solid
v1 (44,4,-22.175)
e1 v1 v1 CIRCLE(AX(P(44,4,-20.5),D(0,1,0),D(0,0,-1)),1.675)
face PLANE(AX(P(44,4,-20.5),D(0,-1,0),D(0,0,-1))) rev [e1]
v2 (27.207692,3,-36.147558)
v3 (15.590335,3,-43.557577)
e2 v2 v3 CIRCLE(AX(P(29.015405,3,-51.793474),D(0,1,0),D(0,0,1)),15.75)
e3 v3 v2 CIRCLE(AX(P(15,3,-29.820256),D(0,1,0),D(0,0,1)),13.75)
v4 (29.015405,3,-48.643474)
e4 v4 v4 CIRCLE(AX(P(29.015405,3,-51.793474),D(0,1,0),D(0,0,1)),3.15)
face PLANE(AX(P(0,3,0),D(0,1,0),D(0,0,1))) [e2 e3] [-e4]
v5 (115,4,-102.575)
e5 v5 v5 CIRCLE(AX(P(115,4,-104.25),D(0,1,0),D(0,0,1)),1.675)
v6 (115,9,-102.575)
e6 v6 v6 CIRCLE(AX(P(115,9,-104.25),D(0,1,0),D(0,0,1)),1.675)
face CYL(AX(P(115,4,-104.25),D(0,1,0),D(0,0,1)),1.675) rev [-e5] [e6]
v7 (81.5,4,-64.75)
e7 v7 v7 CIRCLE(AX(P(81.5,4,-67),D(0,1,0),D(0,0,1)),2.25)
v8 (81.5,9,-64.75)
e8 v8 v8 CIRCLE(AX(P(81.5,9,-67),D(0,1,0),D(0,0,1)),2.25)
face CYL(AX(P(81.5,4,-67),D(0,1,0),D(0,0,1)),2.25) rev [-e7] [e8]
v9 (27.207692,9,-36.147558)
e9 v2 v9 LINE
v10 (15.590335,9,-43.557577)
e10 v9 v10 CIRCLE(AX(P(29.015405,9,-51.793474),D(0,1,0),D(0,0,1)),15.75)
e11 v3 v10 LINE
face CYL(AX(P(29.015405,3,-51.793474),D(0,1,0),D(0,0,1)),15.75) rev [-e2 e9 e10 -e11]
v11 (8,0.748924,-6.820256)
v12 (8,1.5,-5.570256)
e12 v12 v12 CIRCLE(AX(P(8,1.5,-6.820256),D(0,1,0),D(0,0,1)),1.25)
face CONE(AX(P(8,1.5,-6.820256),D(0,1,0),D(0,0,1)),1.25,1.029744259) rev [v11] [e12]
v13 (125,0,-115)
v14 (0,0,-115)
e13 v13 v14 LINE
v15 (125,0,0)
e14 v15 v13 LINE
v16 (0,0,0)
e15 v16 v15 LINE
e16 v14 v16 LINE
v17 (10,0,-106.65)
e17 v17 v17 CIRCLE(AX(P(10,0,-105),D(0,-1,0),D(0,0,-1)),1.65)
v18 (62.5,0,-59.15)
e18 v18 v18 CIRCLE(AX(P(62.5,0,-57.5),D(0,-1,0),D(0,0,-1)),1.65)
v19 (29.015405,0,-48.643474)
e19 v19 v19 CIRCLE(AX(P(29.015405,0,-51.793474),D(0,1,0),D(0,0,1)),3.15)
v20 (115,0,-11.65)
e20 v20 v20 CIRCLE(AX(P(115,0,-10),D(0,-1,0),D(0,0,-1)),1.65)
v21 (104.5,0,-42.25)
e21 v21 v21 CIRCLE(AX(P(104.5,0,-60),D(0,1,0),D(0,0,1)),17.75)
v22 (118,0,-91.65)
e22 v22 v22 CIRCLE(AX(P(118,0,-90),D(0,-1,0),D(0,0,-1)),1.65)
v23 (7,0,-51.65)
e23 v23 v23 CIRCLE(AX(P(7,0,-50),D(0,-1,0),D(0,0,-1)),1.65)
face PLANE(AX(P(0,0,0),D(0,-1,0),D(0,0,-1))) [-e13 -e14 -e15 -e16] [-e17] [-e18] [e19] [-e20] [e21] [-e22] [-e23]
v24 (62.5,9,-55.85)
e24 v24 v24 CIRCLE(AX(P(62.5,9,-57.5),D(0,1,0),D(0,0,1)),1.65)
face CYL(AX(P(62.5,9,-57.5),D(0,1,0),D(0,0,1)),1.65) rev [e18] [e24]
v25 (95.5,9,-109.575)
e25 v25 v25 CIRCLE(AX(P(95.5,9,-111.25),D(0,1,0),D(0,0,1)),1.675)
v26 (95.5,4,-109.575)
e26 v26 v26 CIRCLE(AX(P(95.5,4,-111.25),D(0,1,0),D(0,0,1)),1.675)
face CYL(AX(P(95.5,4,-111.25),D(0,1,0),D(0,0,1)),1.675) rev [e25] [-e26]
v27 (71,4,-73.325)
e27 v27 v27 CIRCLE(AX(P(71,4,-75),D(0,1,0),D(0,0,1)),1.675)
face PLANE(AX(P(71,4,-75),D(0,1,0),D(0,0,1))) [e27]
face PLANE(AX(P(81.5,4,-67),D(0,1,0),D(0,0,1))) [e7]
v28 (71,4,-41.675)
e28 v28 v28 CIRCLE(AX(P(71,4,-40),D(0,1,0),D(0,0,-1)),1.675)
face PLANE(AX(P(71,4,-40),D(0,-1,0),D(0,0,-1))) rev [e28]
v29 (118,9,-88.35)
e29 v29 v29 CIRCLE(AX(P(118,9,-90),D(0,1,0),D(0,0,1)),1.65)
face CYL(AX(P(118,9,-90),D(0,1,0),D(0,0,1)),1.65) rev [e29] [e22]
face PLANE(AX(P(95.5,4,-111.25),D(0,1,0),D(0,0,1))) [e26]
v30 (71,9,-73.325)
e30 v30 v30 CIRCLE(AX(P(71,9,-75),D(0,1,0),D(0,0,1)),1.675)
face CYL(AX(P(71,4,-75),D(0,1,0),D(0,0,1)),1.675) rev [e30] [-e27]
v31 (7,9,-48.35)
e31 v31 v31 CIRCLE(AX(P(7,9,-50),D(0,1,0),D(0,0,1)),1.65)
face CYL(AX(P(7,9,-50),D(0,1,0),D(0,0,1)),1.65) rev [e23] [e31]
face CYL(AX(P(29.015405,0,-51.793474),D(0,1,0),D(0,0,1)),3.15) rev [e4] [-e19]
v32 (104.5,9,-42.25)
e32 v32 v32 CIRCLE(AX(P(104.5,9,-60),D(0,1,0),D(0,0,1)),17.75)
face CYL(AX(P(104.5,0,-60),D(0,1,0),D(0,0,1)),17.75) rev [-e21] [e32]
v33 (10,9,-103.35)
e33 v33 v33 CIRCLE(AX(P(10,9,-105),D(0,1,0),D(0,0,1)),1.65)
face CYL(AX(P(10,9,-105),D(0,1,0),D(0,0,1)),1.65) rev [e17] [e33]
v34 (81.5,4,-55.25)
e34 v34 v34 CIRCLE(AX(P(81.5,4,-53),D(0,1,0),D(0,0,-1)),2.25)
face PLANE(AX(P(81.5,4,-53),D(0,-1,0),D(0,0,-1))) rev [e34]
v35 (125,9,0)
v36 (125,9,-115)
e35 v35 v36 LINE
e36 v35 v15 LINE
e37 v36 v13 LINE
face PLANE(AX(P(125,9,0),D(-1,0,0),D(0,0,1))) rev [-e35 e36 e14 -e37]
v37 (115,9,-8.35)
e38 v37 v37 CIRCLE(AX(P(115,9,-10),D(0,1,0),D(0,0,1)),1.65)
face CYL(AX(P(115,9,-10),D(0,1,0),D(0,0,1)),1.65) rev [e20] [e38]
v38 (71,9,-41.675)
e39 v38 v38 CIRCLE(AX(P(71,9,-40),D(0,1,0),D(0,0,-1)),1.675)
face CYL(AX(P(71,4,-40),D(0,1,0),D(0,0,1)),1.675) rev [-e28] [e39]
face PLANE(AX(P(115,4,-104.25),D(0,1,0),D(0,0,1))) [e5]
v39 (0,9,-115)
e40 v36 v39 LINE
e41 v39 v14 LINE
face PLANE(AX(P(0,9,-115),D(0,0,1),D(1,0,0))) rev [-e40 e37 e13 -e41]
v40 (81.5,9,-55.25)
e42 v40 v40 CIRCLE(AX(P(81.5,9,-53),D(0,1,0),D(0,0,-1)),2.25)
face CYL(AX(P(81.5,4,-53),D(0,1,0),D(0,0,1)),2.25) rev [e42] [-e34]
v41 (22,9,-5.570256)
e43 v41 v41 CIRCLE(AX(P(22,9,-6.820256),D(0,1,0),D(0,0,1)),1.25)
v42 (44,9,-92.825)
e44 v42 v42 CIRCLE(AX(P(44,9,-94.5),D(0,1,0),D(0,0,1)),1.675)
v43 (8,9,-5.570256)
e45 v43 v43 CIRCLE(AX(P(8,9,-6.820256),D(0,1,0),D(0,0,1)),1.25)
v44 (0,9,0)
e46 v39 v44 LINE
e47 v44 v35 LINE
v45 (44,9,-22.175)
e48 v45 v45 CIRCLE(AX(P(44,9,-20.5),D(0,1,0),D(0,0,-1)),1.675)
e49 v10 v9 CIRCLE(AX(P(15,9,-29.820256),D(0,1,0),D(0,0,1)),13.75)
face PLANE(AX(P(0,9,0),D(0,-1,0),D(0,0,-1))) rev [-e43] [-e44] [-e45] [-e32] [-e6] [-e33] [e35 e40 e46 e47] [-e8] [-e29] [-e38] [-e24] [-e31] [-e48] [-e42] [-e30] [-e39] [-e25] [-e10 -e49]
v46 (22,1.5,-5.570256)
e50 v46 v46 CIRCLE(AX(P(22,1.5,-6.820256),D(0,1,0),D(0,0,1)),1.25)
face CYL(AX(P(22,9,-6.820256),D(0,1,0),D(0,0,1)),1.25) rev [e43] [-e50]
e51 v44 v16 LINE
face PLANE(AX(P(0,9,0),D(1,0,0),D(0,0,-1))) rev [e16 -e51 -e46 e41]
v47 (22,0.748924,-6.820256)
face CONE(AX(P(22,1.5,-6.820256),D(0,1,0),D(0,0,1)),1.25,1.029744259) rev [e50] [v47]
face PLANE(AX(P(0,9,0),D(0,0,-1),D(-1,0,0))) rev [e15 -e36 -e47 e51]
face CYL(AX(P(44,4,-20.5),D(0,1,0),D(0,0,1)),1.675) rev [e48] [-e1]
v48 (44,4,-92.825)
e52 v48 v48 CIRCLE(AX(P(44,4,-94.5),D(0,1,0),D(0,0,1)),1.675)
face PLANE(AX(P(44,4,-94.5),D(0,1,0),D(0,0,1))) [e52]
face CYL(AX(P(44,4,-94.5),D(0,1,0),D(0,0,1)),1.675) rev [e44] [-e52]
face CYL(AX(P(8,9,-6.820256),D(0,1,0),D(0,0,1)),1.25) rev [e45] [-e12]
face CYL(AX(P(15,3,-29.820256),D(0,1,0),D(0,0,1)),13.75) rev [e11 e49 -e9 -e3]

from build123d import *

# Parameters (mm, degrees)
SKETCH1_W                 = 125
SKETCH1_H                 = 115
TOP_BASE_DEPTH            = 9
SKETCH5_R                 = 15.75
SKETCH5_R_2               = 13.75
GEARS_EXTRUDE_CUT_DEPTH   = 6
SKETCH7_R                 = 3.15
KEY_EXTRUDE_CUT_DEPTH     = 171.091152033
SKETCH8_R                 = 17.75
THUMB_EXTRUDE_CUT_DEPTH   = 171.091152033
SKETCH9_R                 = 1.675
SKETCH9_R_2               = 2.25
MOUNT_HOLES_DEPTH         = 5
M3X0_5_TAPPED_HOLE1_D     = 2.5
M3X0_5_TAPPED_HOLE1_DEPTH = 7.5
M3X0_5_TAPPED_HOLE1_TIP   = 0.751075774
M4X0_7_TAPPED_HOLE1_D     = 3.3
M4X0_7_TAPPED_HOLE1_DEPTH = 10.1
M4X0_7_TAPPED_HOLE1_TIP   = 0.991420021


with BuildPart() as part:
    # Sketch1 → Top_Base (new body)
    with BuildSketch(Plane(origin=(0, 0, 0), x_dir=(1, 0, 0), z_dir=(0, 1, 0))):
        with Locations((62.5, 57.5)):
            Rectangle(SKETCH1_W, SKETCH1_H)
    extrude(amount=TOP_BASE_DEPTH)

    # Sketch5 → Gears_Extrude_Cut (cut)
    with BuildSketch(Plane(origin=(0, 9, 0), x_dir=(1, 0, 0), z_dir=(0, 1, 0))):
        with Locations((29.01540546, 51.79347369)):
            Circle(SKETCH5_R)
        with Locations((15, 29.820255536)):
            Circle(SKETCH5_R_2)
    extrude(amount=-GEARS_EXTRUDE_CUT_DEPTH, mode=Mode.SUBTRACT)

    # Sketch7 → Key_Extrude_Cut (cut, through all)
    with BuildSketch(Plane(origin=(0, 9, 0), x_dir=(1, 0, 0), z_dir=(0, 1, 0))):
        with Locations(Location((29.01540546, 51.79347369, 0), (0, 0, 270))):
            Circle(SKETCH7_R)
    extrude(amount=-KEY_EXTRUDE_CUT_DEPTH, mode=Mode.SUBTRACT)

    # Sketch8 → Thumb_Extrude_Cut (cut, through all)
    with BuildSketch(Plane(origin=(0, 9, 0), x_dir=(1, 0, 0), z_dir=(0, 1, 0))):
        with Locations(Location((104.5, 60, 0), (0, 0, 270))):
            Circle(SKETCH8_R)
    extrude(amount=-THUMB_EXTRUDE_CUT_DEPTH, mode=Mode.SUBTRACT)

    # Sketch9 → Mount_Holes (cut)
    with BuildSketch(Plane(origin=(0, 9, 0), x_dir=(1, 0, 0), z_dir=(0, 1, 0))):
        with Locations(Location((71, 75, 0), (0, 0, 270))):
            Circle(SKETCH9_R)
        with Locations(Location((44, 94.5, 0), (0, 0, 270))):
            Circle(SKETCH9_R)
        with Locations(Location((81.5, 67, 0), (0, 0, 270))):
            Circle(SKETCH9_R_2)
        with Locations(Location((95.5, 111.25, 0), (0, 0, 270))):
            Circle(SKETCH9_R)
        with Locations(Location((115, 104.25, 0), (0, 0, 270))):
            Circle(SKETCH9_R)
        with Locations(Location((71, 40, 0), (0, 0, 90))):
            Circle(SKETCH9_R)
        with Locations(Location((44, 20.5, 0), (0, 0, 90))):
            Circle(SKETCH9_R)
        with Locations(Location((81.5, 53, 0), (0, 0, 90))):
            Circle(SKETCH9_R_2)
    extrude(amount=-MOUNT_HOLES_DEPTH, mode=Mode.SUBTRACT)

    # M3x0.5 Tapped Hole1
    with Locations(Plane(origin=(8, 9, -6.820255536), x_dir=(0, 0, 1), z_dir=(0, 1, 0))):
        with Locations((0, 0), (0, 14)):
            Hole(M3X0_5_TAPPED_HOLE1_D / 2, depth=M3X0_5_TAPPED_HOLE1_DEPTH)
            with Locations((0, 0, -(M3X0_5_TAPPED_HOLE1_DEPTH + M3X0_5_TAPPED_HOLE1_TIP / 2))):  # 118° drill point
                Cone(0, M3X0_5_TAPPED_HOLE1_D / 2, M3X0_5_TAPPED_HOLE1_TIP, mode=Mode.SUBTRACT)

    # M4x0.7 Tapped Hole1
    with Locations(Plane(origin=(10, 9, -105), x_dir=(0, 0, 1), z_dir=(0, 1, 0))):
        with Locations((0, 0), (15, 108), (95, 105), (55, -3), (47.5, 52.5)):
            Hole(M4X0_7_TAPPED_HOLE1_D / 2, depth=M4X0_7_TAPPED_HOLE1_DEPTH)
            with Locations((0, 0, -(M4X0_7_TAPPED_HOLE1_DEPTH + M4X0_7_TAPPED_HOLE1_TIP / 2))):  # 118° drill point
                Cone(0, M4X0_7_TAPPED_HOLE1_D / 2, M4X0_7_TAPPED_HOLE1_TIP, mode=Mode.SUBTRACT)


solid = part.part
